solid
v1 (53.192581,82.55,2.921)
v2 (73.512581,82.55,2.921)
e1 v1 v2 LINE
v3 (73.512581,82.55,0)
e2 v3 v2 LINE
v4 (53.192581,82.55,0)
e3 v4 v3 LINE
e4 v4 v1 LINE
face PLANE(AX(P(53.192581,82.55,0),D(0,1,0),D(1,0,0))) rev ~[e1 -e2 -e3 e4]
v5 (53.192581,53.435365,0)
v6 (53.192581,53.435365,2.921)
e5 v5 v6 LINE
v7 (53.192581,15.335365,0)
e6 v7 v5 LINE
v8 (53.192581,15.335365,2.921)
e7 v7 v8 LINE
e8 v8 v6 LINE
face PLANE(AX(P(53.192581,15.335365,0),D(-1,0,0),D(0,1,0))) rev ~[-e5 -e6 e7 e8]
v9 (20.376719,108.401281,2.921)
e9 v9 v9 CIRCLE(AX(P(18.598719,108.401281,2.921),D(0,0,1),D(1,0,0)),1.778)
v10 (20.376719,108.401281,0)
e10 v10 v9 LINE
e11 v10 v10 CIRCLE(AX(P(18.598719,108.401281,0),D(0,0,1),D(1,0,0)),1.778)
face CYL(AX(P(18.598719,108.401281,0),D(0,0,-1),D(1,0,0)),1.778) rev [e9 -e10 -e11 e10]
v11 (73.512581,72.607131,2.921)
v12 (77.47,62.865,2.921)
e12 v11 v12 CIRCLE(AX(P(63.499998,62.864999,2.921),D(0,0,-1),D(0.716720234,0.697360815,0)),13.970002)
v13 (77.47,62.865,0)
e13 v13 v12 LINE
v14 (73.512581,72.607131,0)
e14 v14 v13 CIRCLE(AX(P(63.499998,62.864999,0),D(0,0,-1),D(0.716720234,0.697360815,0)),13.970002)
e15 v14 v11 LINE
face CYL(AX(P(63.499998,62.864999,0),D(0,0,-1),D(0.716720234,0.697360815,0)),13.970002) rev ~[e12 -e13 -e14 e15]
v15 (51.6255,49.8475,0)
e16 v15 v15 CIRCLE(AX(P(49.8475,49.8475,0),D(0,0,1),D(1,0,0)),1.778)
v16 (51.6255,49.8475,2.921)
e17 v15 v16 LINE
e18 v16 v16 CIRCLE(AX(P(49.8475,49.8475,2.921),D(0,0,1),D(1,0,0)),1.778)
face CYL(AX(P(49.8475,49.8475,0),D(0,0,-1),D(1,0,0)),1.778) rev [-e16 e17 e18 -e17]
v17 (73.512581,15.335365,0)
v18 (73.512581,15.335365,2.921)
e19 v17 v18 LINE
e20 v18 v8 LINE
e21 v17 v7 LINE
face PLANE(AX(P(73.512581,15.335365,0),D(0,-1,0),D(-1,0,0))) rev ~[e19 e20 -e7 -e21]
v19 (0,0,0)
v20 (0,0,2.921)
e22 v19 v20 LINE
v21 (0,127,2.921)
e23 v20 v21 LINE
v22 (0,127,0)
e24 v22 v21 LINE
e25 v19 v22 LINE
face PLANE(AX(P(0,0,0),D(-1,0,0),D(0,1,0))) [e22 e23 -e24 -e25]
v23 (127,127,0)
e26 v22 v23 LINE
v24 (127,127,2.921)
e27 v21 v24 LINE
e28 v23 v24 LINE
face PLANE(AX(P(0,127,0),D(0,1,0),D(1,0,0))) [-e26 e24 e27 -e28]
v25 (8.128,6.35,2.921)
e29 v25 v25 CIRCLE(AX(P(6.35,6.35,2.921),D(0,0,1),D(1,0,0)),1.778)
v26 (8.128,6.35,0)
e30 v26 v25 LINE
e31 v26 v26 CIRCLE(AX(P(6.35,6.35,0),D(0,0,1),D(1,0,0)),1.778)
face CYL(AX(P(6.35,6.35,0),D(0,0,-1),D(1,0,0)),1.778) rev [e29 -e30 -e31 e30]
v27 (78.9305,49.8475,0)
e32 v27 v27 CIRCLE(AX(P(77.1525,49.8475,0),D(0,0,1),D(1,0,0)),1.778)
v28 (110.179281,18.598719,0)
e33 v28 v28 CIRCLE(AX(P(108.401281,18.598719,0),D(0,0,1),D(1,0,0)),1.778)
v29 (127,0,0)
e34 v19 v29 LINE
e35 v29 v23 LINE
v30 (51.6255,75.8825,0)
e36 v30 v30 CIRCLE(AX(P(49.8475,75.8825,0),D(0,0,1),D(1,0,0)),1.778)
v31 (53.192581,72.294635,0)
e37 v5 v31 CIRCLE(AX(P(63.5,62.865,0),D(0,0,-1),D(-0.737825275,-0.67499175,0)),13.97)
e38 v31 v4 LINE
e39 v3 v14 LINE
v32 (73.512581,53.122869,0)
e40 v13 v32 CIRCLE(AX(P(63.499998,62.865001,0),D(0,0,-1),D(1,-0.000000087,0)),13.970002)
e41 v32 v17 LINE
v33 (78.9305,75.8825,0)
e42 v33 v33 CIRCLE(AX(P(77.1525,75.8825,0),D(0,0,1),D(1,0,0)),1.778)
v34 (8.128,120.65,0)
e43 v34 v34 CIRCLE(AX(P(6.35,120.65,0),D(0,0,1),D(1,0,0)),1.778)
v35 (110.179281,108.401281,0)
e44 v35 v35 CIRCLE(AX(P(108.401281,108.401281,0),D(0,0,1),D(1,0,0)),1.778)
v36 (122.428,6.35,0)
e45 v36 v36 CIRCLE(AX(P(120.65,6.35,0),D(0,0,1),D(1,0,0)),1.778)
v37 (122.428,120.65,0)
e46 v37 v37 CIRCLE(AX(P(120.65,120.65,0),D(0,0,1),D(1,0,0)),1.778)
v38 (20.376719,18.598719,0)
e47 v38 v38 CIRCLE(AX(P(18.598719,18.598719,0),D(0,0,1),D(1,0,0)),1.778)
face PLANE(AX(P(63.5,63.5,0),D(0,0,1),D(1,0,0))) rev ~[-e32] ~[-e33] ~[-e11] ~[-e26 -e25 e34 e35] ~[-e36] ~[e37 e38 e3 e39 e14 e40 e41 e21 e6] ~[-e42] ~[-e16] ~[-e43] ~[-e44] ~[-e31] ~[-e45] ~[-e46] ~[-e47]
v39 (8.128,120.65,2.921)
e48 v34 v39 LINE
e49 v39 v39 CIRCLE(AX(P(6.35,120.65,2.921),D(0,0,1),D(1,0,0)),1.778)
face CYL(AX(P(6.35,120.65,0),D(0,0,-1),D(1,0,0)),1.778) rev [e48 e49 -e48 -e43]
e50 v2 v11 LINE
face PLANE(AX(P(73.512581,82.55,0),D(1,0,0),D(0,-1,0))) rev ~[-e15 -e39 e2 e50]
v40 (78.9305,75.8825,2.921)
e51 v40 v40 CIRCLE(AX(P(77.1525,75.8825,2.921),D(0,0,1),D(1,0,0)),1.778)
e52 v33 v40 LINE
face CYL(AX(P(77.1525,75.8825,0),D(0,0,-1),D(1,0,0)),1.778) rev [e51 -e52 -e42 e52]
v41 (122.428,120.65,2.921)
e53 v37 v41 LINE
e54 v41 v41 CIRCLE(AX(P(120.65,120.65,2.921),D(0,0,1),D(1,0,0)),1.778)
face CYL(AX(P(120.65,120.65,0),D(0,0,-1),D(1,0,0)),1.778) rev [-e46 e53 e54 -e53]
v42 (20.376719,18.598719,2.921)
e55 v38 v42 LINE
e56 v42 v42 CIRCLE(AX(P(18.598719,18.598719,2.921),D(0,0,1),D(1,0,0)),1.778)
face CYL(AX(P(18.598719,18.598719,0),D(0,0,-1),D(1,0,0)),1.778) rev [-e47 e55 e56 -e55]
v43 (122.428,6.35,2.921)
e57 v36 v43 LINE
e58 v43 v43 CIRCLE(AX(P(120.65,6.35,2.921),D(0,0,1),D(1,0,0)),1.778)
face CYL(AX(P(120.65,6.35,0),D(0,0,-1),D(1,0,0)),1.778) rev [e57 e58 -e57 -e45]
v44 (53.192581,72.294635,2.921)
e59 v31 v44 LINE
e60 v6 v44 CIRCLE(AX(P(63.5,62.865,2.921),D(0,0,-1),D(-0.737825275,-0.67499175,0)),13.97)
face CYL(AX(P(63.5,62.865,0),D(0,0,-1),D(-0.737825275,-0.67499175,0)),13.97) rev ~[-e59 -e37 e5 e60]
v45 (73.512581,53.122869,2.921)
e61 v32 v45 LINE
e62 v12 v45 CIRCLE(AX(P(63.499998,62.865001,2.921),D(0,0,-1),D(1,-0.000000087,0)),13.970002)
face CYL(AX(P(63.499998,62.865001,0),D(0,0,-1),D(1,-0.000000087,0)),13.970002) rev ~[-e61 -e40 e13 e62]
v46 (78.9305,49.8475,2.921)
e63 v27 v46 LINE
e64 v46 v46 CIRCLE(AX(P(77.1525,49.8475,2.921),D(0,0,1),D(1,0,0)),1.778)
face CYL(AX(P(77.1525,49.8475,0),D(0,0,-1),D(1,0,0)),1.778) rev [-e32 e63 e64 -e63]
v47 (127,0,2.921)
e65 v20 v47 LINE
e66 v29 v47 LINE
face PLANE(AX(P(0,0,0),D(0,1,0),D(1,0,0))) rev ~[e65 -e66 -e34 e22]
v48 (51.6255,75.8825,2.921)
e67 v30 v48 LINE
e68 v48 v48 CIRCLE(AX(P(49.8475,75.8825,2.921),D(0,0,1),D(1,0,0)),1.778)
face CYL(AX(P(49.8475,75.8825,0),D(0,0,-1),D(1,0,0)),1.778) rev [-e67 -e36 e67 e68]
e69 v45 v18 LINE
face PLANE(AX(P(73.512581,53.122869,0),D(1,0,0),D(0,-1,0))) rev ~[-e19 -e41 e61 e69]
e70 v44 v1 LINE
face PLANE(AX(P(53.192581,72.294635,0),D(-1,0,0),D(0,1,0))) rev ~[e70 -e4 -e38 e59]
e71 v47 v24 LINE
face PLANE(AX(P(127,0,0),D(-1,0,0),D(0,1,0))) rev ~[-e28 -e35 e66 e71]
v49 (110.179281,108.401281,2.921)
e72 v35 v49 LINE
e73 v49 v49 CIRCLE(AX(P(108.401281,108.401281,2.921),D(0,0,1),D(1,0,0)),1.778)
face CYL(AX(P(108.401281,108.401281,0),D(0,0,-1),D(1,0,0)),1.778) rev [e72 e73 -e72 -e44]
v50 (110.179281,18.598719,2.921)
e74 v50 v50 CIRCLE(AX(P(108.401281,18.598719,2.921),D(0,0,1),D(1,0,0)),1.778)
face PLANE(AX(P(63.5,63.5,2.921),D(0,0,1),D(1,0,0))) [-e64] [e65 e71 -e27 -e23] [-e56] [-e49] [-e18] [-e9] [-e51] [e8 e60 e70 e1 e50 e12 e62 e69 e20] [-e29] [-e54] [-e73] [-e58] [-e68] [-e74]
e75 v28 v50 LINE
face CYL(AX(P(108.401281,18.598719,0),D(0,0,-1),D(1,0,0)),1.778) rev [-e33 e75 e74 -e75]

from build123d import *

# Parameters (mm, degrees)
F0_W     = 127
F0_H     = 127
F0_R     = 1.778
F1_DEPTH = 2.921


with BuildPart() as f1:
    # F0 (on Top) → F1 (new body)
    with BuildSketch(Plane.XY):
        with Locations((63.5, 63.5)):
            Rectangle(F0_W, F0_H)
        with Locations((6.35, 6.35)):
            Circle(F0_R, mode=Mode.SUBTRACT)
        with Locations((18.598719, 18.598719)):
            Circle(F0_R, mode=Mode.SUBTRACT)
        with Locations((49.8475, 49.8475)):
            Circle(F0_R, mode=Mode.SUBTRACT)
        with Locations((120.65, 6.35)):
            Circle(F0_R, mode=Mode.SUBTRACT)
        with Locations((108.401281, 18.598719)):
            Circle(F0_R, mode=Mode.SUBTRACT)
        with BuildLine():
            Line((53.192581, 72.294635), (53.192581, 82.55))
            Line((53.192581, 82.55), (73.512581, 82.55))
            Line((73.512581, 82.55), (73.512581, 72.607131))
            ThreePointArc((73.512581, 72.607131), (76.442887, 68.12262), (77.47, 62.865))
            ThreePointArc((77.47, 62.865), (76.442887, 57.60738), (73.512581, 53.122869))
            Line((73.512581, 53.122869), (73.512581, 15.335365))
            Line((73.512581, 15.335365), (53.192581, 15.335365))
            Line((53.192581, 15.335365), (53.192581, 53.435365))
            ThreePointArc((53.192581, 53.435365), (49.53, 62.865), (53.192581, 72.294635))
        make_face(mode=Mode.SUBTRACT)
        with Locations((77.1525, 49.8475)):
            Circle(F0_R, mode=Mode.SUBTRACT)
        with Locations((49.8475, 75.8825)):
            Circle(F0_R, mode=Mode.SUBTRACT)
        with Locations((18.598719, 108.401281)):
            Circle(F0_R, mode=Mode.SUBTRACT)
        with Locations((6.35, 120.65)):
            Circle(F0_R, mode=Mode.SUBTRACT)
        with Locations((77.1525, 75.8825)):
            Circle(F0_R, mode=Mode.SUBTRACT)
        with Locations((108.401281, 108.401281)):
            Circle(F0_R, mode=Mode.SUBTRACT)
        with Locations((120.65, 120.65)):
            Circle(F0_R, mode=Mode.SUBTRACT)
    extrude(amount=F1_DEPTH)


solid = f1.part
